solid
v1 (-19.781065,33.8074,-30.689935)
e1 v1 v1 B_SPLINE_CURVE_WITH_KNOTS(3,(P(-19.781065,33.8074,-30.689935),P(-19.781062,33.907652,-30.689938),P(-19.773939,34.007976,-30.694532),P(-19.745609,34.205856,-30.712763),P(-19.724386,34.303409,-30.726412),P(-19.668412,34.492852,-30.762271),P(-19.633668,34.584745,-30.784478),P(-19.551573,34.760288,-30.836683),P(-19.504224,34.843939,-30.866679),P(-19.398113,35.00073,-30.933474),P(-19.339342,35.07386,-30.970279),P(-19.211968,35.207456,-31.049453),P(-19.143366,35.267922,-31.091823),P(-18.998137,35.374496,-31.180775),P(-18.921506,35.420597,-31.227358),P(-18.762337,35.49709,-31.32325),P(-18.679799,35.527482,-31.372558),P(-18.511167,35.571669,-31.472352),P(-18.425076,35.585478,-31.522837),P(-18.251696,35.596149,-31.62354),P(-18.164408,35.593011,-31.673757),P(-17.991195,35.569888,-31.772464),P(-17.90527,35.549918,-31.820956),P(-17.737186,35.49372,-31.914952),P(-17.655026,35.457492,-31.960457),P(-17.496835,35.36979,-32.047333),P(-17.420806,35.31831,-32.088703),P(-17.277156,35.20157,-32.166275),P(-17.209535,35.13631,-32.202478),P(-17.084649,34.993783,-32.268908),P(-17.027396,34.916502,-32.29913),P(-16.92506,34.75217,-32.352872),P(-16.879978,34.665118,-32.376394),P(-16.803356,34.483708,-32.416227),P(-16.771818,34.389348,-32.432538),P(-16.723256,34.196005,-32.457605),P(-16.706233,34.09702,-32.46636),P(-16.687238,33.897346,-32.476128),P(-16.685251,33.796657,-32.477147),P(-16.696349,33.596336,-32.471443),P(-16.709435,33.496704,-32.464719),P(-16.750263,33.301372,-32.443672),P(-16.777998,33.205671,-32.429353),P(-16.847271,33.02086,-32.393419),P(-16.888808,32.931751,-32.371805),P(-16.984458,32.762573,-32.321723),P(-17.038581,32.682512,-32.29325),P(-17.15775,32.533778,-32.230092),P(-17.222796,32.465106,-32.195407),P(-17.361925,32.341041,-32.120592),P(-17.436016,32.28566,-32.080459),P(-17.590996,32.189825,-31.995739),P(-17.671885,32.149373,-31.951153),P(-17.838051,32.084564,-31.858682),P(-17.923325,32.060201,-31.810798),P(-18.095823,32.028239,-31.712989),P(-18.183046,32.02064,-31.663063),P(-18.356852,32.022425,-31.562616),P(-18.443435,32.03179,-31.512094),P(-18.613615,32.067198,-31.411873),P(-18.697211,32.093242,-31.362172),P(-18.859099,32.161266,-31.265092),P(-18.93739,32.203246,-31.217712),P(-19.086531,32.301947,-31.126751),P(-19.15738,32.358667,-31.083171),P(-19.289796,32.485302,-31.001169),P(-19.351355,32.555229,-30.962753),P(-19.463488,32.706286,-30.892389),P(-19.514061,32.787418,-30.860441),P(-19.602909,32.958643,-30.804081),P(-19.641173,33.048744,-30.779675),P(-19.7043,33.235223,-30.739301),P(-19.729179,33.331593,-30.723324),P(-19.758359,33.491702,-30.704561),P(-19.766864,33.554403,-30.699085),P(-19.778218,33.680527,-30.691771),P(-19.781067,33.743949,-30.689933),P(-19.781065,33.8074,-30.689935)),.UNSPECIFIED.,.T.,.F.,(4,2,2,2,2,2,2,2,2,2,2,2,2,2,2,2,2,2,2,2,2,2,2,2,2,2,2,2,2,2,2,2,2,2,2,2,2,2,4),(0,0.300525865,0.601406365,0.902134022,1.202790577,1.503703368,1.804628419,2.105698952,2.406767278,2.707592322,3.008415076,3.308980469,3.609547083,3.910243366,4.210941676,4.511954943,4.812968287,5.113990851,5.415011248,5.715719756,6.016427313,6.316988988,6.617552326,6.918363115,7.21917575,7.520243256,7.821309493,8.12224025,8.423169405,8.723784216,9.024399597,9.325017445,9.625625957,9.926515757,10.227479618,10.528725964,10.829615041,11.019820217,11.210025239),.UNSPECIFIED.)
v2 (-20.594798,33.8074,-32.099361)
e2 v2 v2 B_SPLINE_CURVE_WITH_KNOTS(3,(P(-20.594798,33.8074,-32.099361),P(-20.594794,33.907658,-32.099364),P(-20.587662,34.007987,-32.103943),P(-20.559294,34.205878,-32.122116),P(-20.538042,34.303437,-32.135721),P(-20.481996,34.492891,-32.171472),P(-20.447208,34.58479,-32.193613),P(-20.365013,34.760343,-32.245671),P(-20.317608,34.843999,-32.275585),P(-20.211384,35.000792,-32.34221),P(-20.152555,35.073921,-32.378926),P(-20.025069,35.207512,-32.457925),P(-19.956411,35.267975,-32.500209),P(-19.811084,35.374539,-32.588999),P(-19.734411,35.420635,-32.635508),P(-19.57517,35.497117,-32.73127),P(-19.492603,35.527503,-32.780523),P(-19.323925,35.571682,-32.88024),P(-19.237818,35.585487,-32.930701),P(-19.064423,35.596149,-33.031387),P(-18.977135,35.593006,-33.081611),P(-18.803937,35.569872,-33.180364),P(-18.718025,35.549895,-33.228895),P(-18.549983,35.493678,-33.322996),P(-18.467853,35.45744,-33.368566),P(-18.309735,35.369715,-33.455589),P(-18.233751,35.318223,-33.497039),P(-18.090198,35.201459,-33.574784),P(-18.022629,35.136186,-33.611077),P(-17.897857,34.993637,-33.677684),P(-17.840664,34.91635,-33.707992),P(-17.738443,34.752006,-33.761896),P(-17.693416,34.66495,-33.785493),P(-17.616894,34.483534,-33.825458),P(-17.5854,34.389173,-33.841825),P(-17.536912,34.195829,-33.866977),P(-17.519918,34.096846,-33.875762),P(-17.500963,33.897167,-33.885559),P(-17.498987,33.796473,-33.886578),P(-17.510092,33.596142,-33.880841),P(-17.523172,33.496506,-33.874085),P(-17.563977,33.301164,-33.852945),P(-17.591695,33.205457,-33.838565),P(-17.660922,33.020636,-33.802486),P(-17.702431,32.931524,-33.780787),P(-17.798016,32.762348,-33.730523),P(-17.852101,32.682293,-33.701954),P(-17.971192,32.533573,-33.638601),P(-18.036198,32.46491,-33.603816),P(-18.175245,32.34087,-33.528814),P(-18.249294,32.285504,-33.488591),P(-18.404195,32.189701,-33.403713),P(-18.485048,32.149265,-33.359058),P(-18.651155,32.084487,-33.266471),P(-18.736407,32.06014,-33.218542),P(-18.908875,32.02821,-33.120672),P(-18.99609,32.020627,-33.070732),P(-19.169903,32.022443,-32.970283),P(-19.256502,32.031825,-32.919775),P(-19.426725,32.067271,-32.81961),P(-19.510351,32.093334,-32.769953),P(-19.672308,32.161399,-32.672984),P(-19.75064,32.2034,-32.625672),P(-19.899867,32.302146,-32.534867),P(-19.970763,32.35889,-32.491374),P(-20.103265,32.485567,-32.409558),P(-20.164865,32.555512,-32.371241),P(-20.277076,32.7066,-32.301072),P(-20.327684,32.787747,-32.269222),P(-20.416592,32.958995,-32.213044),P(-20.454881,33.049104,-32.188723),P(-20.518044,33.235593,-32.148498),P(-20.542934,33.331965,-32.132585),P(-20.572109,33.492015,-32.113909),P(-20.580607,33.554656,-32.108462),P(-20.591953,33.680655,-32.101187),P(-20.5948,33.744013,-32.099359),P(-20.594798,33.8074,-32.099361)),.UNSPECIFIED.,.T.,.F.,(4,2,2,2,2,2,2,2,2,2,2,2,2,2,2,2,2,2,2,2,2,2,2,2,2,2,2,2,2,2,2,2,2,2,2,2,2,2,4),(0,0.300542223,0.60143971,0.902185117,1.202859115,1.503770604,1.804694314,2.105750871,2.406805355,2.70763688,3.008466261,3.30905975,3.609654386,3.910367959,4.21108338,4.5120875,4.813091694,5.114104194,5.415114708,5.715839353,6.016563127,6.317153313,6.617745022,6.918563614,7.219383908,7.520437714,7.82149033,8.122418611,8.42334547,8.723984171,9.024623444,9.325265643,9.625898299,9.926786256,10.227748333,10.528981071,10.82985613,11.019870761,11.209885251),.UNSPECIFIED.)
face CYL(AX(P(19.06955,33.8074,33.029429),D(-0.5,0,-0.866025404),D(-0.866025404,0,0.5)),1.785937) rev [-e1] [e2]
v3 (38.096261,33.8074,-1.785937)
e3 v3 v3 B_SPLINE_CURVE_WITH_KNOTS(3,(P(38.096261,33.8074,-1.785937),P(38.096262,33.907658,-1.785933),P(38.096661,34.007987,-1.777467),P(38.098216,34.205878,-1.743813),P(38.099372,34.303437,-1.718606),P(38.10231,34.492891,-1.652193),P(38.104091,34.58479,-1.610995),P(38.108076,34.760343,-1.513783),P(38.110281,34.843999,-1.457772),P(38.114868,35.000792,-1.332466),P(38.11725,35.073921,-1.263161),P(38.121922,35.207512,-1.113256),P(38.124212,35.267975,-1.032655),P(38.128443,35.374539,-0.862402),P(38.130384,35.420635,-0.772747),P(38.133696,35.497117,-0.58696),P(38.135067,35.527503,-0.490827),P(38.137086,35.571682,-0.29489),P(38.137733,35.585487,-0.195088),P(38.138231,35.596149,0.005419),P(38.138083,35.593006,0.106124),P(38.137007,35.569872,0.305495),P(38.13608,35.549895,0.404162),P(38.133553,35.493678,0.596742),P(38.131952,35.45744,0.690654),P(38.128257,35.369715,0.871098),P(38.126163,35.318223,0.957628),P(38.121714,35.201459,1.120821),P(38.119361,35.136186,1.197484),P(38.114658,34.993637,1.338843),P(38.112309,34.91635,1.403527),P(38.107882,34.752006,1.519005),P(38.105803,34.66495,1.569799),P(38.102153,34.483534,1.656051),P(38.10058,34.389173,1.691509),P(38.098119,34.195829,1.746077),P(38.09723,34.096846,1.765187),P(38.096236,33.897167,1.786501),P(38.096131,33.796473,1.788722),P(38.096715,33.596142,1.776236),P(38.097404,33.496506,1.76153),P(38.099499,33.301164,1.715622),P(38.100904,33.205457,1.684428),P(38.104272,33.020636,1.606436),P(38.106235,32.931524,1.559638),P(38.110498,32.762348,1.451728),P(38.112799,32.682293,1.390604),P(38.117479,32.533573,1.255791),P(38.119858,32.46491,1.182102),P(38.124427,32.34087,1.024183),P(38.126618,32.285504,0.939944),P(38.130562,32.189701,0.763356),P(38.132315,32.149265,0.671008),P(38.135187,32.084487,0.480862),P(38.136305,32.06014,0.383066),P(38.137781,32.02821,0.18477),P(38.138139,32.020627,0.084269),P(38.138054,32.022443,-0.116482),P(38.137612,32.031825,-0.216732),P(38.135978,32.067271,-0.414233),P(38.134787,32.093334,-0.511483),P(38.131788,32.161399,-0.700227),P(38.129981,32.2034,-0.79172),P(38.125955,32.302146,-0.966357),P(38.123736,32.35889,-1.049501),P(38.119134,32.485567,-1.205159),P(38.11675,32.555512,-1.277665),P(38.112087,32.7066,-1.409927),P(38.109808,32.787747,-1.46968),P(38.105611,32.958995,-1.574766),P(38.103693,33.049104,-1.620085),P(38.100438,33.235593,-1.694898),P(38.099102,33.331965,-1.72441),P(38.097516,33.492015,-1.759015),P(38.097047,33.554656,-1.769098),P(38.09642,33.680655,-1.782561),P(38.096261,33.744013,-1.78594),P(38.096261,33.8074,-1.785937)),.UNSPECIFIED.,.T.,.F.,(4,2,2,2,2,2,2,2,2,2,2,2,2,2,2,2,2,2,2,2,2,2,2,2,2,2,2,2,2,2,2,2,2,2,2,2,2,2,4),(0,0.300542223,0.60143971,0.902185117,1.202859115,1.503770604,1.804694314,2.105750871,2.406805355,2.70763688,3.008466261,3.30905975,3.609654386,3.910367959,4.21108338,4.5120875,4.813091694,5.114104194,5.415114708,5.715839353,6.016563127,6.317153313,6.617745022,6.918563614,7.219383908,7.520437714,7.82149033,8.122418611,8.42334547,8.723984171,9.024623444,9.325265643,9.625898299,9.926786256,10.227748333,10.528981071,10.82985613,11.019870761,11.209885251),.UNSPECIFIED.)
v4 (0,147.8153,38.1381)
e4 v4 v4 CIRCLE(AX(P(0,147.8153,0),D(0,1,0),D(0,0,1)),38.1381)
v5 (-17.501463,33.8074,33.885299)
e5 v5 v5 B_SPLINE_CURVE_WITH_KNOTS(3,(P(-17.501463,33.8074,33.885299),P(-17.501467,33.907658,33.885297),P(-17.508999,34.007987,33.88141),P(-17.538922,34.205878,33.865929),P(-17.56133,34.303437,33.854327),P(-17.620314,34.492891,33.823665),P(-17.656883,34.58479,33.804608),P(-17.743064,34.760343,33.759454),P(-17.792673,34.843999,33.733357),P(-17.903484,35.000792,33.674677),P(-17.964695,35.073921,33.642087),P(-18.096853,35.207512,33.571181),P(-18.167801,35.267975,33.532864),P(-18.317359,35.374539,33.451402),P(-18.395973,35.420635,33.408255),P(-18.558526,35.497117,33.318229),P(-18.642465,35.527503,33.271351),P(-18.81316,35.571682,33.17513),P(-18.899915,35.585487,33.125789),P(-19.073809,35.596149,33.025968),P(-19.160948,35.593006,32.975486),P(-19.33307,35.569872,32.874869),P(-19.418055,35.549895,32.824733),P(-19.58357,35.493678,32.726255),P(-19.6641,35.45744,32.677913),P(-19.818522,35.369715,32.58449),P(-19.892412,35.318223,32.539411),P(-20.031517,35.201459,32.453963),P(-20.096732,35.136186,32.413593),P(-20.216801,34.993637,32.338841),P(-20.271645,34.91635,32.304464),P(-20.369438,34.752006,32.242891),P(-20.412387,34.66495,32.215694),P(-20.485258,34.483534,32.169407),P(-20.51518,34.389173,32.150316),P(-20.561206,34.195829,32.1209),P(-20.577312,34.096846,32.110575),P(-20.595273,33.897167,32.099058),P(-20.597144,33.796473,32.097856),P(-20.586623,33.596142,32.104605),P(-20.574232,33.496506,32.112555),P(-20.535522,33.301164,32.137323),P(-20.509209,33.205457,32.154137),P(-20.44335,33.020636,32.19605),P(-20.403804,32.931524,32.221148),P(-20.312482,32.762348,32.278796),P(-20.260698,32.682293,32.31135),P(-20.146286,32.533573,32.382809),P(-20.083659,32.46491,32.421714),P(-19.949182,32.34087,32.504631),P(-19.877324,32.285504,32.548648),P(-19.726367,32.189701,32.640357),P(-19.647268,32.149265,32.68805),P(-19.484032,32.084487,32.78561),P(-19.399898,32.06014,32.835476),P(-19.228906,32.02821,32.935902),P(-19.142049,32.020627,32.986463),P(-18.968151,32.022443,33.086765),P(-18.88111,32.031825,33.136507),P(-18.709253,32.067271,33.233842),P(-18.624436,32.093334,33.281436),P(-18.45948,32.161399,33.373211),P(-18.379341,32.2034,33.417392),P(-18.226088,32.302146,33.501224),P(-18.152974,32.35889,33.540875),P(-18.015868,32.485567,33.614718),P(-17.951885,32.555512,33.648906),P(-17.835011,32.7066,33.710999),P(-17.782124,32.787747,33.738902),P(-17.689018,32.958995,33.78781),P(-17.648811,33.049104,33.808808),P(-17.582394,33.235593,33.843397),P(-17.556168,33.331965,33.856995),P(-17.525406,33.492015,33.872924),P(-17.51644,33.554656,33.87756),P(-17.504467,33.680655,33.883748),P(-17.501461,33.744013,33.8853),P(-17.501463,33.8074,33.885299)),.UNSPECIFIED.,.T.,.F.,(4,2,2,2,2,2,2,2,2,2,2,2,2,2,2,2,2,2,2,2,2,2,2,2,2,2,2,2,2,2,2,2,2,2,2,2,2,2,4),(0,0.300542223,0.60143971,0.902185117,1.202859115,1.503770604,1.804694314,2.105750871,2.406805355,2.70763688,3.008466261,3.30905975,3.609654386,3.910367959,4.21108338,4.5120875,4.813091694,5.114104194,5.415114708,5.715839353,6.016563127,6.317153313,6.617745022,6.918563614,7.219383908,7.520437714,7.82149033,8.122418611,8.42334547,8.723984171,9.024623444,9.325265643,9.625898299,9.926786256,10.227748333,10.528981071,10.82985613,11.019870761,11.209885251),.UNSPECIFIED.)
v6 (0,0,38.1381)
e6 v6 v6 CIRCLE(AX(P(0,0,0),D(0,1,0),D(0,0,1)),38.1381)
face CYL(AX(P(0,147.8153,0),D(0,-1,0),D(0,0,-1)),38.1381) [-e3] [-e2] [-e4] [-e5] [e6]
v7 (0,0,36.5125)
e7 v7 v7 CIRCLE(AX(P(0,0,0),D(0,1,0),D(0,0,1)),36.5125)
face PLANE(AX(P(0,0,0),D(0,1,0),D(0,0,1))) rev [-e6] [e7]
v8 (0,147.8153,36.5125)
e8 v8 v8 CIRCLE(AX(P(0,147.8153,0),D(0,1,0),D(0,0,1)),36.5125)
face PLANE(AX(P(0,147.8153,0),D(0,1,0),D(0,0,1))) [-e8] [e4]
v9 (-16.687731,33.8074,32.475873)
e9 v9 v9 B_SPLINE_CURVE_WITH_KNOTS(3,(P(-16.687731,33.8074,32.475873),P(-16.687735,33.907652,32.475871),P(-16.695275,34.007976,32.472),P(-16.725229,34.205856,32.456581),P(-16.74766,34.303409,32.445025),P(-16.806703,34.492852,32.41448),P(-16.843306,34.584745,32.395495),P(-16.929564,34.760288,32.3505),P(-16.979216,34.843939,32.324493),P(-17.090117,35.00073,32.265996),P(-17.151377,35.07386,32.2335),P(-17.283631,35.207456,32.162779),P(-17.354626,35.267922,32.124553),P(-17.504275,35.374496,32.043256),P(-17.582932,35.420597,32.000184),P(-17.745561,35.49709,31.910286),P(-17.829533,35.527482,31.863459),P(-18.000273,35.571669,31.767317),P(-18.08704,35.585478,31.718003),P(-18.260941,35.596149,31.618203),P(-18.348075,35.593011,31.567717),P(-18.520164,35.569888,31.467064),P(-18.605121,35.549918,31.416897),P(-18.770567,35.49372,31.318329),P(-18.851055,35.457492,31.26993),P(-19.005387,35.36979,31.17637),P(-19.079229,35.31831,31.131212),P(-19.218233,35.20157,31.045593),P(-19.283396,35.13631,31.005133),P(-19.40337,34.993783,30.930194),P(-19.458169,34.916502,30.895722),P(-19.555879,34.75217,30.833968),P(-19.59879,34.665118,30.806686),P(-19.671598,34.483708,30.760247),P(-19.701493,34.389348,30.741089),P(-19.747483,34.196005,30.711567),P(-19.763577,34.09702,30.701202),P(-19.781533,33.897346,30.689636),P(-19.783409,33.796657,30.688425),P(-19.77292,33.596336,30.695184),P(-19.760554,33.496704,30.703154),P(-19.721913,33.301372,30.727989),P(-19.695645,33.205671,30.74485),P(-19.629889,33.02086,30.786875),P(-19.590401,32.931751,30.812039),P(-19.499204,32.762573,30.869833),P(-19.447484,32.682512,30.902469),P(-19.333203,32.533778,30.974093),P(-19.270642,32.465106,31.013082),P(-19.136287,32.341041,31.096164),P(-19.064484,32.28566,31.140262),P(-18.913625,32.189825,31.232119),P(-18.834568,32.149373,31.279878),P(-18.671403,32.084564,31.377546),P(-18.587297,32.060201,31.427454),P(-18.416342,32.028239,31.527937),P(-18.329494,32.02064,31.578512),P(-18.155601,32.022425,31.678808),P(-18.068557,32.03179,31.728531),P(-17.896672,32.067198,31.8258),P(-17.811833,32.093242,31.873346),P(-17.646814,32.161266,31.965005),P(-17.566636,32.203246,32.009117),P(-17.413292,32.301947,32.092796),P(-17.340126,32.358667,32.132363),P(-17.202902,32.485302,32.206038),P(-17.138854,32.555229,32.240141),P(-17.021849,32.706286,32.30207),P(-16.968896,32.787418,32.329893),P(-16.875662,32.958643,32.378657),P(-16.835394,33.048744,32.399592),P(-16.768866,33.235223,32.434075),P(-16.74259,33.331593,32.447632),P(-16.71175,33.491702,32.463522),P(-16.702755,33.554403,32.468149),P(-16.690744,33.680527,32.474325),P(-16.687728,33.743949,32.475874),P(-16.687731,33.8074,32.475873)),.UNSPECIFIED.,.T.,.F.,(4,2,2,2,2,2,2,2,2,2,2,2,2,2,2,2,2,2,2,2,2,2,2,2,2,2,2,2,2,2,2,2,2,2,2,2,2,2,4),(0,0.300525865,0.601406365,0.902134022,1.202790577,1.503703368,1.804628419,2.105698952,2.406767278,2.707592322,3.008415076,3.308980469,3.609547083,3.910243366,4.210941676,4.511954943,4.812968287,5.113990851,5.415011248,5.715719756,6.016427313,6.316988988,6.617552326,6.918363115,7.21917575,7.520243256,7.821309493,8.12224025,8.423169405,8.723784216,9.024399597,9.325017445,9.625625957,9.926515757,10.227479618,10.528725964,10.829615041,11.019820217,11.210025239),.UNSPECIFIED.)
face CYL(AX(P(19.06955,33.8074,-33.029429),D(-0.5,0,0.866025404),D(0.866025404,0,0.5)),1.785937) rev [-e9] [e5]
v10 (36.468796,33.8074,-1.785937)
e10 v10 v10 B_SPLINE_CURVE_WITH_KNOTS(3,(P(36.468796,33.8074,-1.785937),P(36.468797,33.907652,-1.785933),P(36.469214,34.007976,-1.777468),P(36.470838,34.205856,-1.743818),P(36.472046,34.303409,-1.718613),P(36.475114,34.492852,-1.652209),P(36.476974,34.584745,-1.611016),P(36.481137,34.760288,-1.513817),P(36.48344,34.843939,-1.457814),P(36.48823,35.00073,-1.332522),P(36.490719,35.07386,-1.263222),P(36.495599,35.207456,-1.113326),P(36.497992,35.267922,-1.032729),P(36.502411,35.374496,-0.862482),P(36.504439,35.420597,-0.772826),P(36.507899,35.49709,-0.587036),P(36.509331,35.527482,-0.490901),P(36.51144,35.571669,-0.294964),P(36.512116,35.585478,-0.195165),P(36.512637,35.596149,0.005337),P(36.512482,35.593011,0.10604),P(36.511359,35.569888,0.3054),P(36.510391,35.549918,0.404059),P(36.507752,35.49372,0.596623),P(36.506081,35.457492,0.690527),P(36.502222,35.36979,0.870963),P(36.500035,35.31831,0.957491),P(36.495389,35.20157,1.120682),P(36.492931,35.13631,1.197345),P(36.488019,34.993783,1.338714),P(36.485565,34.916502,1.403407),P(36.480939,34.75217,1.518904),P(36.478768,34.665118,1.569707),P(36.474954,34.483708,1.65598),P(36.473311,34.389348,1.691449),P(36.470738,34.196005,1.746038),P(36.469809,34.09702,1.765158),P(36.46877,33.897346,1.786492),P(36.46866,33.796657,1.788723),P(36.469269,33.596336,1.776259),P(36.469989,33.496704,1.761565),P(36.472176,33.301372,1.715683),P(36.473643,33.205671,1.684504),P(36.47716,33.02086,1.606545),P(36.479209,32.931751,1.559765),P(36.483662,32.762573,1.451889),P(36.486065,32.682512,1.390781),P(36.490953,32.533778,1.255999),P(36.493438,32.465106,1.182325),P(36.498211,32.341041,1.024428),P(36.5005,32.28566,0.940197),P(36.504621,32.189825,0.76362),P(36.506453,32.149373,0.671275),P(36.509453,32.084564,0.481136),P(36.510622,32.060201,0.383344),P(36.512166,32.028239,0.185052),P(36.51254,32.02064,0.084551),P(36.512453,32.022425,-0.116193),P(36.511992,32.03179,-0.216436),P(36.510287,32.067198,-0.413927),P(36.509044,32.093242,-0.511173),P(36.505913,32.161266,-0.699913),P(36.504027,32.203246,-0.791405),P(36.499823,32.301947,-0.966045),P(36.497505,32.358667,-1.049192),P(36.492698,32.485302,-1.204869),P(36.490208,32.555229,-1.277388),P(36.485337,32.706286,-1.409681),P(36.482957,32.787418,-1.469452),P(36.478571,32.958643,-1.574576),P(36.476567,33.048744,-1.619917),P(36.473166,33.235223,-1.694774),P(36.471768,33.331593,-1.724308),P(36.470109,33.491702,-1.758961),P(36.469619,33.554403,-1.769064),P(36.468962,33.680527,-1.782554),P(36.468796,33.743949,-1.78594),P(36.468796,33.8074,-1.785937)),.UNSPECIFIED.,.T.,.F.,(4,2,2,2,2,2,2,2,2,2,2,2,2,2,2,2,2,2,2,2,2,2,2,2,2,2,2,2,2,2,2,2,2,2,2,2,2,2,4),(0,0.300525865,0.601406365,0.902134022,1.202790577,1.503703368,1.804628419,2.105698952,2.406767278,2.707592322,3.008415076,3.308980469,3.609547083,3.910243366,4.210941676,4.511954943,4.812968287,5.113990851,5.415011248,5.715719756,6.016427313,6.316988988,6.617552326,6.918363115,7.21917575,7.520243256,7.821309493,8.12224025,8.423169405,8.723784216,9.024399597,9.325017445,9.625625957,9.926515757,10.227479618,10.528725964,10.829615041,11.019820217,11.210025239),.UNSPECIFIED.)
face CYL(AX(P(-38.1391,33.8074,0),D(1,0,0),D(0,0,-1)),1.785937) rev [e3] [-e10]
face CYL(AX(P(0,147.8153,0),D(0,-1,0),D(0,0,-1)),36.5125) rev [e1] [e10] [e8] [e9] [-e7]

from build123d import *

# Parameters (mm, degrees)
SKETCH1_R           = 38.1381
SKETCH1_R_2         = 36.5125
BOSS_EXTRUDE1_DEPTH = 147.8153
CUT_EXTRUDE1_START  = -1.669304
SKETCH2_R           = 1.7859375
CUT_EXTRUDE1_DEPTH  = 1.669304
CIRPATTERN1_COUNT   = 3


with BuildPart() as part:
    # Sketch1 → Boss-Extrude1 (new body)
    with BuildSketch(Plane(origin=(0, 0, 0), x_dir=(1, 0, 0), z_dir=(0, 1, 0))):
        Circle(SKETCH1_R)
        Circle(SKETCH1_R_2, mode=Mode.SUBTRACT)
    extrude(amount=BOSS_EXTRUDE1_DEPTH)

    # Sketch2 → Cut-Extrude1 (cut)
    with BuildSketch(Plane(origin=(38.1381, 0, 0), x_dir=(0, 0, -1), z_dir=(1, 0, 0)).offset(CUT_EXTRUDE1_START)):
        with Locations((0, 33.8074)):
            Circle(SKETCH2_R)
    cut_extrude1 = extrude(amount=CUT_EXTRUDE1_DEPTH, mode=Mode.SUBTRACT)

    # CirPattern1: Cut-Extrude1 ×3 about axis
    cirpattern1_axis = Axis((0, 155.08605, 0), (0, -1, 0))
    for i in range(1, CIRPATTERN1_COUNT):
        add(cut_extrude1.rotate(cirpattern1_axis, i * 360 / CIRPATTERN1_COUNT), mode=Mode.SUBTRACT)


solid = part.part
